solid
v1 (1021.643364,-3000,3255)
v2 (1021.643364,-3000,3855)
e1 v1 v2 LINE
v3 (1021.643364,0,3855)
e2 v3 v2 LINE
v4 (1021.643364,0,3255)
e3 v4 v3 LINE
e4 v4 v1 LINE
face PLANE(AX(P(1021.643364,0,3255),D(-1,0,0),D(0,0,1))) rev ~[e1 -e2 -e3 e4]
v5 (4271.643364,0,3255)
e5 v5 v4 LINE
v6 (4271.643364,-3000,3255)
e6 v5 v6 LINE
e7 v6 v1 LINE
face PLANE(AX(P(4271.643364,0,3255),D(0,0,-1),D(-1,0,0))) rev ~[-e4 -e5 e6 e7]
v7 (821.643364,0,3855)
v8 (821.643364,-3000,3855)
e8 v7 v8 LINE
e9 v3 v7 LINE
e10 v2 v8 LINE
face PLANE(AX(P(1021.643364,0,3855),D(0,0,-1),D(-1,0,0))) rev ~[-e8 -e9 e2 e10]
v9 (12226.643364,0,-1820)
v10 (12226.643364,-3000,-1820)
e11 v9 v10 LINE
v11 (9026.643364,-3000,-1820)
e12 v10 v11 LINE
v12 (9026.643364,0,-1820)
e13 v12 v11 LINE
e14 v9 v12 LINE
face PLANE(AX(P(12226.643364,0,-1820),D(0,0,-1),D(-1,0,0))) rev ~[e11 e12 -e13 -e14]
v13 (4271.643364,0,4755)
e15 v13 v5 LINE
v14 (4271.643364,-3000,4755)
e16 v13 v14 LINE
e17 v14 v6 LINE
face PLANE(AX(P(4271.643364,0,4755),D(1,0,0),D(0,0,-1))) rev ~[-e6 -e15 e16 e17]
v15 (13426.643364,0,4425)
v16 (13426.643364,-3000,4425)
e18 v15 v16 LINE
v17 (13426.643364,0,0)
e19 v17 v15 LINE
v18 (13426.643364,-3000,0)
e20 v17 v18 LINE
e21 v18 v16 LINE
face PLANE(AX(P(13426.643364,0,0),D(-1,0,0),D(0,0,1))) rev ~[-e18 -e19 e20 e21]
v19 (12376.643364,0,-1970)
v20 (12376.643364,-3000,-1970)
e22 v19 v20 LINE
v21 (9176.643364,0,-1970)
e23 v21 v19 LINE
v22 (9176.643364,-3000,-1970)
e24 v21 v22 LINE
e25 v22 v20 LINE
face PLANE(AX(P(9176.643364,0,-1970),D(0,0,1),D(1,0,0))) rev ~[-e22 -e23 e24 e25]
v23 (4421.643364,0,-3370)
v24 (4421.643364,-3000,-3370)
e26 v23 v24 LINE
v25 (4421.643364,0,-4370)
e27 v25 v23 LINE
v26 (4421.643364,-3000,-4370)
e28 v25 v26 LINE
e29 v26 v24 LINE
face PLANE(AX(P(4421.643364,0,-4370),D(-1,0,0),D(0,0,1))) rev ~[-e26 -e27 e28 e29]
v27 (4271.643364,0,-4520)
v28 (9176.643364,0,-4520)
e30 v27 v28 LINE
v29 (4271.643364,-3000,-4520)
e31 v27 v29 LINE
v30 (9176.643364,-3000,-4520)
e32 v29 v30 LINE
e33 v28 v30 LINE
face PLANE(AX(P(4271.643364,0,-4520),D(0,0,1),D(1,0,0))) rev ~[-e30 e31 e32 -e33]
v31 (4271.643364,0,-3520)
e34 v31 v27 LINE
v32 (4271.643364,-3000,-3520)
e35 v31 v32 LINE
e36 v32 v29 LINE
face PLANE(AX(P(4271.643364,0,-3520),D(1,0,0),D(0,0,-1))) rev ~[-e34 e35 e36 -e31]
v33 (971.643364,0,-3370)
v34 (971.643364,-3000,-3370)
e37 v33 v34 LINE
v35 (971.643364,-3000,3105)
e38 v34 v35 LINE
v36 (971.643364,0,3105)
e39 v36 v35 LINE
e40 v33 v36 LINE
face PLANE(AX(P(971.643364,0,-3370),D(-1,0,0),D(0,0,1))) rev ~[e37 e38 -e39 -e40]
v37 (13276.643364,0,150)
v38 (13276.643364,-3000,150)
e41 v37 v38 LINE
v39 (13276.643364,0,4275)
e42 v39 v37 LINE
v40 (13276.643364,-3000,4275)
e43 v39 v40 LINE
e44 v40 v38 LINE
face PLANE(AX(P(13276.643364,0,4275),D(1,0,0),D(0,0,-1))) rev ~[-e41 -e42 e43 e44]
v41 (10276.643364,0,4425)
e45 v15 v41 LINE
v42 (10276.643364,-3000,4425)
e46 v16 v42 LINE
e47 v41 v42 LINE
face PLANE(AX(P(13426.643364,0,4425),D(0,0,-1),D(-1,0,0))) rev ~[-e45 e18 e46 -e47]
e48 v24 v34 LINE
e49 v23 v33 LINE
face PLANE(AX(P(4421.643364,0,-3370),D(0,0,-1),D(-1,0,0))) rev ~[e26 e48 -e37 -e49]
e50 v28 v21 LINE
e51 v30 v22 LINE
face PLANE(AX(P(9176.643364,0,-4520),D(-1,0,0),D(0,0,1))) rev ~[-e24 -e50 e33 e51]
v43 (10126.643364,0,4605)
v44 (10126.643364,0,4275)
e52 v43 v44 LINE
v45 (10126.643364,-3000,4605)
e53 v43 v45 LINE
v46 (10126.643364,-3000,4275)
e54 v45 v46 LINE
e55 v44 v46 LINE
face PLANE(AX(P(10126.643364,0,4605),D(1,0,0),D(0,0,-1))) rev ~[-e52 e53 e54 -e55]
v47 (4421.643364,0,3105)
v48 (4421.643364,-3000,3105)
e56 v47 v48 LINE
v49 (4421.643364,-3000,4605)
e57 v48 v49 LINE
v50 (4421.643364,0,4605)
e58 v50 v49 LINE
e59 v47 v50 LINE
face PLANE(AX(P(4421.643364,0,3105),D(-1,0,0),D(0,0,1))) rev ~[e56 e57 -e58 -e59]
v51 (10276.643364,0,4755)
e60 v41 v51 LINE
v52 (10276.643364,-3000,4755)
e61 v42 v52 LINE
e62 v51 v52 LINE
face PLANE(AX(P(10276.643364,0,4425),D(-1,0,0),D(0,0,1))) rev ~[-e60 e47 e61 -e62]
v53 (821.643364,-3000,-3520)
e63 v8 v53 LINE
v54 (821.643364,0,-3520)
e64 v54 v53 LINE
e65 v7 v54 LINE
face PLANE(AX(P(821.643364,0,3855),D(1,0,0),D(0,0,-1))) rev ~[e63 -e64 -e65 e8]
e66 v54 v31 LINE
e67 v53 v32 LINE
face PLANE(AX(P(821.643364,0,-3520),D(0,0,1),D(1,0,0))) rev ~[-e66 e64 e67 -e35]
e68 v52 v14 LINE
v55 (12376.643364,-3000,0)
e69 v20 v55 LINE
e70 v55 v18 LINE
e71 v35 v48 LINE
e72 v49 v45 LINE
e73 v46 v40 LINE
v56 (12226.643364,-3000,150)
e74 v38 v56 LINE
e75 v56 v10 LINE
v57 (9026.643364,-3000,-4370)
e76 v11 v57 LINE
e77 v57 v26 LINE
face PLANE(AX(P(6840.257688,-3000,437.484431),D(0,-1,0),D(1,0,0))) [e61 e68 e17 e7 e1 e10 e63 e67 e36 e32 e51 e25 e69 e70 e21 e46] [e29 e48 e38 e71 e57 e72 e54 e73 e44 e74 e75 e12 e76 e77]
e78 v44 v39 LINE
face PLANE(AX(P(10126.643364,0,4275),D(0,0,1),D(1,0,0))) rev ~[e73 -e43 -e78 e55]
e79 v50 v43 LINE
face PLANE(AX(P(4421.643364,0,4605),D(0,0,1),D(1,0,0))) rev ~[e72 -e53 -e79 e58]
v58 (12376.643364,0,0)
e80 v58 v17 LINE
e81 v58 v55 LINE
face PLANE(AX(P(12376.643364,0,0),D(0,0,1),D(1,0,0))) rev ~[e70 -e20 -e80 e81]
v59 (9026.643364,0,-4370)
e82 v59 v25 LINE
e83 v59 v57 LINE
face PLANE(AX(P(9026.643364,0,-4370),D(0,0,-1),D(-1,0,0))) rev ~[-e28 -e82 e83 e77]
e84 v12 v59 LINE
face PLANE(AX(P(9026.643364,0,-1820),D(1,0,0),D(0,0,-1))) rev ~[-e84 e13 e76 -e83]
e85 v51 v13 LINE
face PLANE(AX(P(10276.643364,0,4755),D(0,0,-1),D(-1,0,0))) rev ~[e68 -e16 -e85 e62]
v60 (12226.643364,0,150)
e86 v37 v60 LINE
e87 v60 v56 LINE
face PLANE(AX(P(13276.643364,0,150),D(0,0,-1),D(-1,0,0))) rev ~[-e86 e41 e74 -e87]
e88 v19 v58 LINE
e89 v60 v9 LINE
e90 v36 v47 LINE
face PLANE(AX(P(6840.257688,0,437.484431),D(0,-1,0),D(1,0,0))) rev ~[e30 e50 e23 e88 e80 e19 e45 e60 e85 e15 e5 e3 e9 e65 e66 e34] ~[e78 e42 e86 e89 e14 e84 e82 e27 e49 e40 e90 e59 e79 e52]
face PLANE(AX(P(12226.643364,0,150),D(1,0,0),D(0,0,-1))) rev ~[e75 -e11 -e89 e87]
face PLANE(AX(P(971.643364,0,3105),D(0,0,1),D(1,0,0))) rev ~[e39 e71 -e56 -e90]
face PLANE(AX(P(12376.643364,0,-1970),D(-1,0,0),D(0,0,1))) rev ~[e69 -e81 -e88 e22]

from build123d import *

# Parameters (mm, degrees)
F1_DEPTH = 3000


with BuildPart() as f1:
    # F0 (on Front) → F1 (new body)
    with BuildSketch(Plane.XZ):
        Polygon((821.643364, -720), (821.643364, -3520), (2571.643364, -3520), (4271.643364, -3520), (4271.643364, -4520), (7726.643364, -4520), (9176.643364, -4520), (9176.643364, -1970), (12376.643364, -1970), (12376.643364, 0), (13426.643364, 0), (13426.643364, 4425), (10276.643364, 4425), (10276.643364, 4755), (7326.643364, 4755), (4271.643364, 4755), (4271.643364, 3255), (1021.643364, 3255), (1021.643364, 3855), (821.643364, 3855), (821.643364, 3255), align=None)
        Polygon((7326.643364, 4605), (10126.643364, 4605), (10126.643364, 4275), (13276.643364, 4275), (13276.643364, 150), (12226.643364, 150), (12226.643364, -1820), (9026.643364, -1820), (9026.643364, -4370), (7726.643364, -4370), (4421.643364, -4370), (4421.643364, -3370), (2571.643364, -3370), (971.643364, -3370), (971.643364, -720), (971.643364, 3105), (4421.643364, 3105), (4421.643364, 4605), align=None, mode=Mode.SUBTRACT)
    extrude(amount=F1_DEPTH)


solid = f1.part
